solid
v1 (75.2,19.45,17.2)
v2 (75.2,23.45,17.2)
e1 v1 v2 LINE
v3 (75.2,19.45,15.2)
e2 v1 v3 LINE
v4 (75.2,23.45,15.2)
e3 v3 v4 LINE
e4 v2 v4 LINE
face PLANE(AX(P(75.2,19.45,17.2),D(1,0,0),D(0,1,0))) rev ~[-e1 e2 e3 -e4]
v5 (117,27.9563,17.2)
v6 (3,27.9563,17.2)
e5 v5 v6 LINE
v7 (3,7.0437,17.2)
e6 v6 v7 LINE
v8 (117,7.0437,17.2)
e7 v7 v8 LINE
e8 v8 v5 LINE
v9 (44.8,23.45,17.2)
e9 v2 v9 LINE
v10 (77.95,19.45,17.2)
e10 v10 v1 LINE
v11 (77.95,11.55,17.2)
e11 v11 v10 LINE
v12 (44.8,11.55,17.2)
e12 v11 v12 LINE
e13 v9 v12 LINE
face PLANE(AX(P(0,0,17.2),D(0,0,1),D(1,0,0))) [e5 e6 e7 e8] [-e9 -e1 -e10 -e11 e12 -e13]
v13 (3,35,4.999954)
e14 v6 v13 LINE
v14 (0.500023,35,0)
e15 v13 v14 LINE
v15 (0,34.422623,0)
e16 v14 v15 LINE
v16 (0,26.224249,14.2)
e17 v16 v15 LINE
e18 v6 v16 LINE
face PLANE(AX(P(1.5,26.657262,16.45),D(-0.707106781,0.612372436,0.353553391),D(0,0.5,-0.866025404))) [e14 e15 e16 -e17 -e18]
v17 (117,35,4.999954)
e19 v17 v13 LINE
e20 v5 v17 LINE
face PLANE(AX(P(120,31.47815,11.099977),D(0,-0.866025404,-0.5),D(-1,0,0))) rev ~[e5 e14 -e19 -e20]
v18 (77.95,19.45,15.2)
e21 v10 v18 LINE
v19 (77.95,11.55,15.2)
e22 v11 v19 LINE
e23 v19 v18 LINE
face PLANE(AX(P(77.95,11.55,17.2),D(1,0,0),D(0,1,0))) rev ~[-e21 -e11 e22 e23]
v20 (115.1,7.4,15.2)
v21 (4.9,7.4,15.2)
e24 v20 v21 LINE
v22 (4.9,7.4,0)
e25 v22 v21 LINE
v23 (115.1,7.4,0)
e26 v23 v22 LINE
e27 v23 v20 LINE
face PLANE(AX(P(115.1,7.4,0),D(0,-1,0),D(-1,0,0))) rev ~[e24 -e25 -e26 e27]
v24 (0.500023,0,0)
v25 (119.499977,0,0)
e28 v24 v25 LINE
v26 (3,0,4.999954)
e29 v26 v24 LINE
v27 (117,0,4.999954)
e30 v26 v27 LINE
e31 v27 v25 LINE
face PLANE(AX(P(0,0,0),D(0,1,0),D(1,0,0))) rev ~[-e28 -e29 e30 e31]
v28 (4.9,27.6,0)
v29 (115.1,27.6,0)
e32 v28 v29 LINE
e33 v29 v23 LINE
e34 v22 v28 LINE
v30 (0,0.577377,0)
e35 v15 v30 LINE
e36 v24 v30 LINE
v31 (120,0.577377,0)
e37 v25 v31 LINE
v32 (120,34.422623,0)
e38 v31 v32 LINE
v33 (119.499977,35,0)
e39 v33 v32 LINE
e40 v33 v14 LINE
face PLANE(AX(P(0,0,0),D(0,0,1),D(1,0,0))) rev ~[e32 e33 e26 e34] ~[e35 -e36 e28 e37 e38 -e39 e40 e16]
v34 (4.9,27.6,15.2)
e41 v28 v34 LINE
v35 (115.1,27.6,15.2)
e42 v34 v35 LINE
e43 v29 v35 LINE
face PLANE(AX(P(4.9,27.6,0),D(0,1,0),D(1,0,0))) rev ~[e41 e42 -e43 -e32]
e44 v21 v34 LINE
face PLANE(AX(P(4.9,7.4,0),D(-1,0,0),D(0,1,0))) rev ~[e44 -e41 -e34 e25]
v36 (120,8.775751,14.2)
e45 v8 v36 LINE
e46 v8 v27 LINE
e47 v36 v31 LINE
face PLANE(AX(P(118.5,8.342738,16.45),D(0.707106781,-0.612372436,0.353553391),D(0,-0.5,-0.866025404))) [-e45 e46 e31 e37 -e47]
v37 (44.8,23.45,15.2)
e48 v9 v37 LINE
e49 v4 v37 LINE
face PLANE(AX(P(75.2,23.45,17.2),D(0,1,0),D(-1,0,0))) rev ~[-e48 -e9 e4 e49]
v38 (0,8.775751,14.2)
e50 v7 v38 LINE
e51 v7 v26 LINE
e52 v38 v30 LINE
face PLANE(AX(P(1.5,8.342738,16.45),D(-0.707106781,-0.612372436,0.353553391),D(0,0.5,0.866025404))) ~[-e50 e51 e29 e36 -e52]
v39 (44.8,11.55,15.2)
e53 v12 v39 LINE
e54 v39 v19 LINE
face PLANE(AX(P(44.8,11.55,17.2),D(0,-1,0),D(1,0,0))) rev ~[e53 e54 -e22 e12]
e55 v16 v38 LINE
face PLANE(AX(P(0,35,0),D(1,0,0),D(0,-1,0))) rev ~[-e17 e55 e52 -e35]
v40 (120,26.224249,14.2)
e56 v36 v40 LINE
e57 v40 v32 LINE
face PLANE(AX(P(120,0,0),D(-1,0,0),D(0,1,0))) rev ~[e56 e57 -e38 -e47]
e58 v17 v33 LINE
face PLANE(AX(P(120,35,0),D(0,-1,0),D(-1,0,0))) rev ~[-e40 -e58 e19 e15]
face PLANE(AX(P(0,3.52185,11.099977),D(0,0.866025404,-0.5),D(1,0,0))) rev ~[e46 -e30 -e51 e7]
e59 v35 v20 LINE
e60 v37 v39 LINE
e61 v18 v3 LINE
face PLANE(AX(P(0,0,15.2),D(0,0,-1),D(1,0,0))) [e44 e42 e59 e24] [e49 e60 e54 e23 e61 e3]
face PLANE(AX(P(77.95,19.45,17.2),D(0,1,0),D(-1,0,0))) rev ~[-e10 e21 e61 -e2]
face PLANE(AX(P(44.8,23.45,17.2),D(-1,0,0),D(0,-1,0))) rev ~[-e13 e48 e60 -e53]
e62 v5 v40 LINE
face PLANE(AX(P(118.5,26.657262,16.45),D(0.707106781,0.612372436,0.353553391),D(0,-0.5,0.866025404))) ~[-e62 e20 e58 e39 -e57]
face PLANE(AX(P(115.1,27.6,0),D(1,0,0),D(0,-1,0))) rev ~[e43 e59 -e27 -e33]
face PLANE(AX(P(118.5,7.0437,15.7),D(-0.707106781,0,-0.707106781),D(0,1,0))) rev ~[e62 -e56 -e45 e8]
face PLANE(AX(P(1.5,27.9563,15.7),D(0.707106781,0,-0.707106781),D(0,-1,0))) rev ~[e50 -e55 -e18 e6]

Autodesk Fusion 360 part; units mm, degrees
sketch "Sketch1" plane through (0, 0, 0) normal (0, 0, 1) x (1, 0, 0)
  line L0 (0, 0) -> (120, 0)
  line L1 (120, 0) -> (120, 35)
  line L2 (120, 35) -> (0, 35)
  line L3 (0, 35) -> (0, 0)
  dimension "d1" = 120
  dimension "d2" = 35
extrude "Extrude1" add sketch "Sketch1" along normal blind 17.2
chamfer "Chamfer1" distance 7.0437 angle 60 2 edges at (60, 0, 17.2) (60, 35, 17.2) measured on face at (40, 23.3333, 17.2) measured on face at (40, 23.3333, 17.2)
chamfer "Chamfer2" distance 3 angle 45 6 edges at (0, 3.5218, 11.1) (0, 31.4782, 11.1) (0, 17.5, 17.2) (120, 17.5, 17.2) (120, 3.5218, 11.1) (120, 31.4782, 11.1) measured on face at (40, 4.6958, 13.1333) measured on face at (80, 30.3042, 13.1333) measured on face at (40, 20.9854, 17.2) measured on face at (40, 20.9854, 17.2) measured on face at (40, 4.6958, 13.1333) measured on face at (80, 30.3042, 13.1333)
sketch "Sketch2" plane through (0, 0, 0) normal (0, 0, -1) x (1, 0, 0)
  line L0 (0, -0.5773) -> (0, -34.4227)
  line L1 (120, -34.4227) -> (120, -0.5773)
  line L2 (115.1, -7.4) -> (4.9, -7.4)
  line L3 (4.9, -7.4) -> (4.9, -27.6)
  line L4 (4.9, -27.6) -> (115.1, -27.6)
  line L5 (115.1, -27.6) -> (115.1, -7.4)
  line L6 (115.1, -7.4) -> (4.9, -27.6) construction
  line L7 (4.9, -7.4) -> (115.1, -27.6) construction
  line L8 (120, -0.5773) -> (119.5, 0)
  line L9 (0.5, 0) -> (0, -0.5773)
  line L10 (0, -34.4227) -> (0.5, -35)
  line L11 (119.5, -35) -> (120, -34.4227)
  line L12 (60, 0) -> (60, -35) construction
  line L13 (119.5, 0) -> (0.5, 0)
  line L14 (0.5, -35) -> (119.5, -35)
  point P0 (60, -17.5)
  dimension "d9" = 110.2
  dimension "d10" = 20.2
extrude "Extrude2" cut sketch "Sketch2" against normal blind 15.2 contours L2 L3 L4 L5
sketch "Sketch3" plane through (0, 0, 17.2) normal (0, 0, 1) x (-1, 0, 0)
  line L0 (-117, -7.0437) -> (-117, -27.9563)
  line L1 (-117, -27.9563) -> (-3, -27.9563)
  line L2 (-3, -27.9563) -> (-3, -7.0437)
  line L3 (-3, -7.0437) -> (-117, -7.0437)
  line L4 (-60, -27.9563) -> (-60, -7.0437) construction
  line L5 (-117, -17.5) -> (-3, -17.5) construction
  line L6 (-44.8, -11.55) -> (-75.2, -11.55)
  line L7 (-75.2, -11.55) -> (-75.2, -23.45)
  line L8 (-75.2, -23.45) -> (-44.8, -23.45)
  line L9 (-44.8, -23.45) -> (-44.8, -11.55)
  line L10 (-75.2, -11.55) -> (-77.95, -11.55)
  line L11 (-77.95, -11.55) -> (-77.95, -19.45)
  line L12 (-77.95, -19.45) -> (-75.2, -19.45)
  line L13 (-75.2, -19.45) -> (-75.2, -11.55)
  line L14 (-60, -23.45) -> (-60, -11.55) construction
  dimension "d13" = 30.4
  dimension "d14" = 11.9
  dimension "d15" = 2.75
  dimension "d16" = 7.9
extrude "Extrude3" cut sketch "Sketch3" against normal blind 2 contours L6 L7 L8 L9 L13 | L7 L10 L11 L12 L13
equation "d3 = 10 mm - 2.8 mm + 5 mm + 5 mm"
equation "d11 = -5.2 mm - 5 mm - 5 mm"
equation "d13 = 30 mm + 0.4 mm"
equation "d14 = 11.5 mm + 0.4 mm"
equation "d16 = 7.5 mm + 0.4 mm"
